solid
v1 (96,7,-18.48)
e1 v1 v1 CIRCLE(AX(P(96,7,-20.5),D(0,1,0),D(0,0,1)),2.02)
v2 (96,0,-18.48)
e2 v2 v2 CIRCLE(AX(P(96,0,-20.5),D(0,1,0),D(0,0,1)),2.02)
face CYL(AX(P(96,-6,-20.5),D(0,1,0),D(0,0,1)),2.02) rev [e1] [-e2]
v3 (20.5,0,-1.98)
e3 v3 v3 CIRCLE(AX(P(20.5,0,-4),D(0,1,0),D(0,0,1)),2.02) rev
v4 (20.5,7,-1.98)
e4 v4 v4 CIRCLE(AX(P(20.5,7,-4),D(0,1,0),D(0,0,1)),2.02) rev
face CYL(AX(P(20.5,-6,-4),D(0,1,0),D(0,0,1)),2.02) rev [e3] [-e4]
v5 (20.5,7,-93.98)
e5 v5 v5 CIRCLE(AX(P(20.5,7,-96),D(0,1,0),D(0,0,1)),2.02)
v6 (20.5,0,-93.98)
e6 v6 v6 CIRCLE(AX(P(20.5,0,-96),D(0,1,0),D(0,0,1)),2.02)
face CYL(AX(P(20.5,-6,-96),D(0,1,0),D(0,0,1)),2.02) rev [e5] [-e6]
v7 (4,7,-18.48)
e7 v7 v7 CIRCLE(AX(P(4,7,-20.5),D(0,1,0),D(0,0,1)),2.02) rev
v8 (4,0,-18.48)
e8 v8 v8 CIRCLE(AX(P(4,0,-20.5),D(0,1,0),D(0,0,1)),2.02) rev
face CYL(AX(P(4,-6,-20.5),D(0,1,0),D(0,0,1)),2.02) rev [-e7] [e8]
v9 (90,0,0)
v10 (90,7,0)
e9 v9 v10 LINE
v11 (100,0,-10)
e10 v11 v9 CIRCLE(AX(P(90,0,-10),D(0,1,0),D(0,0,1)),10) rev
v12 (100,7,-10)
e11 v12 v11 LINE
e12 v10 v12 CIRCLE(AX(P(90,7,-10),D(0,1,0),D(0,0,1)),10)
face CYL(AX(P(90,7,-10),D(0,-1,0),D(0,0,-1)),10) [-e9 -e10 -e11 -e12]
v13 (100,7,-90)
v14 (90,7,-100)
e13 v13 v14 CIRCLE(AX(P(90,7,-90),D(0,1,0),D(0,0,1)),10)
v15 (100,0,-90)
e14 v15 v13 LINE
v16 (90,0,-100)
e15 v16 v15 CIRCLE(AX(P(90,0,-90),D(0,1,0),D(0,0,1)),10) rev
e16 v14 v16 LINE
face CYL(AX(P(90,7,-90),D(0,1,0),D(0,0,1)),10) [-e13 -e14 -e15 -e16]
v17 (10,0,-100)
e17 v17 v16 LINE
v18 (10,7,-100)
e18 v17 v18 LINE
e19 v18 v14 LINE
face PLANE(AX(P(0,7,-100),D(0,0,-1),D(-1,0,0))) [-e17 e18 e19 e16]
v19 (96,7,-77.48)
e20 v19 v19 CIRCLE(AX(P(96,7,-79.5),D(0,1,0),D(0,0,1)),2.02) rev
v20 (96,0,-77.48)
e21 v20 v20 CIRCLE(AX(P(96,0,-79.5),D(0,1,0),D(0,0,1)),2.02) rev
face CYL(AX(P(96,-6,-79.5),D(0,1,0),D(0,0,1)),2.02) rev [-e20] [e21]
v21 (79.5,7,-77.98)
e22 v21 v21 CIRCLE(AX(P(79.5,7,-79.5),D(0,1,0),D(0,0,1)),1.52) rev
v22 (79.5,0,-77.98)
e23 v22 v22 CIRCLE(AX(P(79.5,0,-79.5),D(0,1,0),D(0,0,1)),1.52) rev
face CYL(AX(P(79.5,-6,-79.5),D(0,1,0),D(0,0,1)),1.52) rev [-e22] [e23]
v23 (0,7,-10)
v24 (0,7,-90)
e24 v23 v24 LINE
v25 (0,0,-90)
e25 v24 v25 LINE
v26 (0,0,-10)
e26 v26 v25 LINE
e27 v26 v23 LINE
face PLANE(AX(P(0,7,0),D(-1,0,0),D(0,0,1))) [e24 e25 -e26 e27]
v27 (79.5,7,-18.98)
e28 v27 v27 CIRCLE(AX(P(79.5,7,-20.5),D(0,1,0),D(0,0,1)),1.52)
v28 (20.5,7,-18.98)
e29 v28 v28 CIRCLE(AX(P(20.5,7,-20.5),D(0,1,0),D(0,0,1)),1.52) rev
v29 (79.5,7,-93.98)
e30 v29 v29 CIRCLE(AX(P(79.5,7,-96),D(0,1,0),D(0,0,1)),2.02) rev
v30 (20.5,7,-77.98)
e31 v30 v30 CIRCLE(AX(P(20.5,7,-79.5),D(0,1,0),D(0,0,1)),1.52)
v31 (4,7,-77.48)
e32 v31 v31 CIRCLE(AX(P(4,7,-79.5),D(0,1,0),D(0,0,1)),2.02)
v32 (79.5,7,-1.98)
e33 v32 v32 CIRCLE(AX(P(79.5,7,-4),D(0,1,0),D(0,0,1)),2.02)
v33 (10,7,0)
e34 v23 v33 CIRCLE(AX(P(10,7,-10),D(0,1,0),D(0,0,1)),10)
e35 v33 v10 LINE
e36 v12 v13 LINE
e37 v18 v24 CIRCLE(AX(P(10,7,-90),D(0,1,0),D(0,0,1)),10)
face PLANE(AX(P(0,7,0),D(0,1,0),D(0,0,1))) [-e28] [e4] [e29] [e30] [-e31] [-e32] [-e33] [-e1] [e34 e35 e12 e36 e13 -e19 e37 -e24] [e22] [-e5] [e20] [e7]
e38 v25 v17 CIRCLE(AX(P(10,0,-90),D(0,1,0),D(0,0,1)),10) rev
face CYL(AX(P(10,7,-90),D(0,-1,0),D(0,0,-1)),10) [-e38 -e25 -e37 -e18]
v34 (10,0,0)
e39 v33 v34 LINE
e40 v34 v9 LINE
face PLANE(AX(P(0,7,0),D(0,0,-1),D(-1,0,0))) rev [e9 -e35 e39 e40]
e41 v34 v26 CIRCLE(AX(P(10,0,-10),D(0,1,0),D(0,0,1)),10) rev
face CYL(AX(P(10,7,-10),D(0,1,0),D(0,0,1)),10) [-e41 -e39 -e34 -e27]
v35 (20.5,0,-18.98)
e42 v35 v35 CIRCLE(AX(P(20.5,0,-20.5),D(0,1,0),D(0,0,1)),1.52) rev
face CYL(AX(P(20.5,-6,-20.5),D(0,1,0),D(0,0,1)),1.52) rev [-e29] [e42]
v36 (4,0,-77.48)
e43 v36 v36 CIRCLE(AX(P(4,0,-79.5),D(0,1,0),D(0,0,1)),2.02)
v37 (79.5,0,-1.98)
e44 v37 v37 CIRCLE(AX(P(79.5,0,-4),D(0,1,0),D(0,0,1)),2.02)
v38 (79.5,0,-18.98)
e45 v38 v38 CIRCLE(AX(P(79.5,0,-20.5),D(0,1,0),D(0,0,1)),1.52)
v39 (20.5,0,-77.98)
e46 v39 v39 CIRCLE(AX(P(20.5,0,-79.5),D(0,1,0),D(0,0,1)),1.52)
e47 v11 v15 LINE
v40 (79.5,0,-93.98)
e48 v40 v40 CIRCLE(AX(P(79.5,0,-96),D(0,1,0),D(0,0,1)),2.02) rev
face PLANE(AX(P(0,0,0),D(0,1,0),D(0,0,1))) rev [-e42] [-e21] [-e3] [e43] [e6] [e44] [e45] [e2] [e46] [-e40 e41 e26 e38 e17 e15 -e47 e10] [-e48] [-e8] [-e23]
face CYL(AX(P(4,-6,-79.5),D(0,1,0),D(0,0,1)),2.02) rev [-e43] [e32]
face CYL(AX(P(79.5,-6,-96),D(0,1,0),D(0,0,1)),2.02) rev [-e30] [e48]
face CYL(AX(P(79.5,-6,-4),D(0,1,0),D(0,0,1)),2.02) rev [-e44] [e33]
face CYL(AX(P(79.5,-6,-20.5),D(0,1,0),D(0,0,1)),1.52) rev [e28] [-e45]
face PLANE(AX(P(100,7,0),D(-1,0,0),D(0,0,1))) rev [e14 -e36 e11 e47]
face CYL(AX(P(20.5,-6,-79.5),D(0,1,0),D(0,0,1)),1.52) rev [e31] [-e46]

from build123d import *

# Parameters (mm, degrees)
SKETCH_1_W          = 100
SKETCH_1_H          = 100
EXTRUDE_1_DEPTH     = 7
FILLET_1_R          = 10
SKETCH_2_R          = 1.52
SKETCH_2_R_2        = 2.02
CUT_EXTRUDE_2_DEPTH = 13


with BuildPart() as part:
    # 草图1 → 凸台-拉伸1 (new body)
    with BuildSketch(Plane(origin=(0, 0, 0), x_dir=(1, 0, 0), z_dir=(0, 1, 0))):
        with Locations((50, 50)):
            Rectangle(SKETCH_1_W, SKETCH_1_H)
    extrude(amount=EXTRUDE_1_DEPTH)

    # 圆角1
    fillet_1_edges = [part.edges().sort_by_distance(p)[0] for p in [
        (0, 3.5, 0),
        (0, 3.5, -100),
        (100, 3.5, -100),
        (100, 3.5, 0),
    ]]
    fillet(fillet_1_edges, radius=FILLET_1_R)

    # 草图2 → 切除-拉伸2 (cut)
    with BuildSketch(Plane(origin=(0, 7, 0), x_dir=(1, 0, 0), z_dir=(0, 1, 0))):
        with BuildLine():
            ThreePointArc((22.02, 79.5), (21.574802307, 80.574802307), (20.5, 81.02))
            Line((20.5, 81.02), (20.5, 79.5))
            Line((20.5, 79.5), (18.98, 79.5))
            ThreePointArc((18.98, 79.5), (20.5, 77.98), (22.02, 79.5))
        make_face()
        with BuildLine():
            Line((20.5, 79.5), (20.5, 81.02))
            ThreePointArc((20.5, 81.02), (19.425197693, 80.574802307), (18.98, 79.5))
            Line((18.98, 79.5), (20.5, 79.5))
        make_face()
        with BuildLine():
            ThreePointArc((6.02, 79.5), (4, 81.52), (1.98, 79.5))
            Line((1.98, 79.5), (4, 79.5))
            Line((4, 79.5), (6.02, 79.5))
        make_face()
        with BuildLine():
            Line((4, 79.5), (1.98, 79.5))
            ThreePointArc((1.98, 79.5), (4, 77.48), (6.02, 79.5))
            Line((6.02, 79.5), (4, 79.5))
        make_face()
        with BuildLine():
            ThreePointArc((22.52, 96), (21.928355698, 97.428355698), (20.5, 98.02))
            Line((20.5, 98.02), (20.5, 96))
            Line((20.5, 96), (20.5, 93.98))
            ThreePointArc((20.5, 93.98), (21.928355698, 94.571644302), (22.52, 96))
        make_face()
        with BuildLine():
            Line((20.5, 96), (20.5, 98.02))
            ThreePointArc((20.5, 98.02), (18.48, 96), (20.5, 93.98))
            Line((20.5, 93.98), (20.5, 96))
        make_face()
        with Locations((79.5, 79.5)):
            Circle(SKETCH_2_R)
        with Locations((79.5, 96)):
            Circle(SKETCH_2_R_2)
        with Locations((96, 79.5)):
            Circle(SKETCH_2_R_2)
        with Locations((79.5, 20.5)):
            Circle(SKETCH_2_R)
        with Locations((96, 20.5)):
            Circle(SKETCH_2_R_2)
        with Locations((79.5, 4)):
            Circle(SKETCH_2_R_2)
        with Locations((20.5, 20.5)):
            Circle(SKETCH_2_R)
        with Locations((4, 20.5)):
            Circle(SKETCH_2_R_2)
        with Locations((20.5, 4)):
            Circle(SKETCH_2_R_2)
    extrude(amount=-CUT_EXTRUDE_2_DEPTH, mode=Mode.SUBTRACT)


solid = part.part
